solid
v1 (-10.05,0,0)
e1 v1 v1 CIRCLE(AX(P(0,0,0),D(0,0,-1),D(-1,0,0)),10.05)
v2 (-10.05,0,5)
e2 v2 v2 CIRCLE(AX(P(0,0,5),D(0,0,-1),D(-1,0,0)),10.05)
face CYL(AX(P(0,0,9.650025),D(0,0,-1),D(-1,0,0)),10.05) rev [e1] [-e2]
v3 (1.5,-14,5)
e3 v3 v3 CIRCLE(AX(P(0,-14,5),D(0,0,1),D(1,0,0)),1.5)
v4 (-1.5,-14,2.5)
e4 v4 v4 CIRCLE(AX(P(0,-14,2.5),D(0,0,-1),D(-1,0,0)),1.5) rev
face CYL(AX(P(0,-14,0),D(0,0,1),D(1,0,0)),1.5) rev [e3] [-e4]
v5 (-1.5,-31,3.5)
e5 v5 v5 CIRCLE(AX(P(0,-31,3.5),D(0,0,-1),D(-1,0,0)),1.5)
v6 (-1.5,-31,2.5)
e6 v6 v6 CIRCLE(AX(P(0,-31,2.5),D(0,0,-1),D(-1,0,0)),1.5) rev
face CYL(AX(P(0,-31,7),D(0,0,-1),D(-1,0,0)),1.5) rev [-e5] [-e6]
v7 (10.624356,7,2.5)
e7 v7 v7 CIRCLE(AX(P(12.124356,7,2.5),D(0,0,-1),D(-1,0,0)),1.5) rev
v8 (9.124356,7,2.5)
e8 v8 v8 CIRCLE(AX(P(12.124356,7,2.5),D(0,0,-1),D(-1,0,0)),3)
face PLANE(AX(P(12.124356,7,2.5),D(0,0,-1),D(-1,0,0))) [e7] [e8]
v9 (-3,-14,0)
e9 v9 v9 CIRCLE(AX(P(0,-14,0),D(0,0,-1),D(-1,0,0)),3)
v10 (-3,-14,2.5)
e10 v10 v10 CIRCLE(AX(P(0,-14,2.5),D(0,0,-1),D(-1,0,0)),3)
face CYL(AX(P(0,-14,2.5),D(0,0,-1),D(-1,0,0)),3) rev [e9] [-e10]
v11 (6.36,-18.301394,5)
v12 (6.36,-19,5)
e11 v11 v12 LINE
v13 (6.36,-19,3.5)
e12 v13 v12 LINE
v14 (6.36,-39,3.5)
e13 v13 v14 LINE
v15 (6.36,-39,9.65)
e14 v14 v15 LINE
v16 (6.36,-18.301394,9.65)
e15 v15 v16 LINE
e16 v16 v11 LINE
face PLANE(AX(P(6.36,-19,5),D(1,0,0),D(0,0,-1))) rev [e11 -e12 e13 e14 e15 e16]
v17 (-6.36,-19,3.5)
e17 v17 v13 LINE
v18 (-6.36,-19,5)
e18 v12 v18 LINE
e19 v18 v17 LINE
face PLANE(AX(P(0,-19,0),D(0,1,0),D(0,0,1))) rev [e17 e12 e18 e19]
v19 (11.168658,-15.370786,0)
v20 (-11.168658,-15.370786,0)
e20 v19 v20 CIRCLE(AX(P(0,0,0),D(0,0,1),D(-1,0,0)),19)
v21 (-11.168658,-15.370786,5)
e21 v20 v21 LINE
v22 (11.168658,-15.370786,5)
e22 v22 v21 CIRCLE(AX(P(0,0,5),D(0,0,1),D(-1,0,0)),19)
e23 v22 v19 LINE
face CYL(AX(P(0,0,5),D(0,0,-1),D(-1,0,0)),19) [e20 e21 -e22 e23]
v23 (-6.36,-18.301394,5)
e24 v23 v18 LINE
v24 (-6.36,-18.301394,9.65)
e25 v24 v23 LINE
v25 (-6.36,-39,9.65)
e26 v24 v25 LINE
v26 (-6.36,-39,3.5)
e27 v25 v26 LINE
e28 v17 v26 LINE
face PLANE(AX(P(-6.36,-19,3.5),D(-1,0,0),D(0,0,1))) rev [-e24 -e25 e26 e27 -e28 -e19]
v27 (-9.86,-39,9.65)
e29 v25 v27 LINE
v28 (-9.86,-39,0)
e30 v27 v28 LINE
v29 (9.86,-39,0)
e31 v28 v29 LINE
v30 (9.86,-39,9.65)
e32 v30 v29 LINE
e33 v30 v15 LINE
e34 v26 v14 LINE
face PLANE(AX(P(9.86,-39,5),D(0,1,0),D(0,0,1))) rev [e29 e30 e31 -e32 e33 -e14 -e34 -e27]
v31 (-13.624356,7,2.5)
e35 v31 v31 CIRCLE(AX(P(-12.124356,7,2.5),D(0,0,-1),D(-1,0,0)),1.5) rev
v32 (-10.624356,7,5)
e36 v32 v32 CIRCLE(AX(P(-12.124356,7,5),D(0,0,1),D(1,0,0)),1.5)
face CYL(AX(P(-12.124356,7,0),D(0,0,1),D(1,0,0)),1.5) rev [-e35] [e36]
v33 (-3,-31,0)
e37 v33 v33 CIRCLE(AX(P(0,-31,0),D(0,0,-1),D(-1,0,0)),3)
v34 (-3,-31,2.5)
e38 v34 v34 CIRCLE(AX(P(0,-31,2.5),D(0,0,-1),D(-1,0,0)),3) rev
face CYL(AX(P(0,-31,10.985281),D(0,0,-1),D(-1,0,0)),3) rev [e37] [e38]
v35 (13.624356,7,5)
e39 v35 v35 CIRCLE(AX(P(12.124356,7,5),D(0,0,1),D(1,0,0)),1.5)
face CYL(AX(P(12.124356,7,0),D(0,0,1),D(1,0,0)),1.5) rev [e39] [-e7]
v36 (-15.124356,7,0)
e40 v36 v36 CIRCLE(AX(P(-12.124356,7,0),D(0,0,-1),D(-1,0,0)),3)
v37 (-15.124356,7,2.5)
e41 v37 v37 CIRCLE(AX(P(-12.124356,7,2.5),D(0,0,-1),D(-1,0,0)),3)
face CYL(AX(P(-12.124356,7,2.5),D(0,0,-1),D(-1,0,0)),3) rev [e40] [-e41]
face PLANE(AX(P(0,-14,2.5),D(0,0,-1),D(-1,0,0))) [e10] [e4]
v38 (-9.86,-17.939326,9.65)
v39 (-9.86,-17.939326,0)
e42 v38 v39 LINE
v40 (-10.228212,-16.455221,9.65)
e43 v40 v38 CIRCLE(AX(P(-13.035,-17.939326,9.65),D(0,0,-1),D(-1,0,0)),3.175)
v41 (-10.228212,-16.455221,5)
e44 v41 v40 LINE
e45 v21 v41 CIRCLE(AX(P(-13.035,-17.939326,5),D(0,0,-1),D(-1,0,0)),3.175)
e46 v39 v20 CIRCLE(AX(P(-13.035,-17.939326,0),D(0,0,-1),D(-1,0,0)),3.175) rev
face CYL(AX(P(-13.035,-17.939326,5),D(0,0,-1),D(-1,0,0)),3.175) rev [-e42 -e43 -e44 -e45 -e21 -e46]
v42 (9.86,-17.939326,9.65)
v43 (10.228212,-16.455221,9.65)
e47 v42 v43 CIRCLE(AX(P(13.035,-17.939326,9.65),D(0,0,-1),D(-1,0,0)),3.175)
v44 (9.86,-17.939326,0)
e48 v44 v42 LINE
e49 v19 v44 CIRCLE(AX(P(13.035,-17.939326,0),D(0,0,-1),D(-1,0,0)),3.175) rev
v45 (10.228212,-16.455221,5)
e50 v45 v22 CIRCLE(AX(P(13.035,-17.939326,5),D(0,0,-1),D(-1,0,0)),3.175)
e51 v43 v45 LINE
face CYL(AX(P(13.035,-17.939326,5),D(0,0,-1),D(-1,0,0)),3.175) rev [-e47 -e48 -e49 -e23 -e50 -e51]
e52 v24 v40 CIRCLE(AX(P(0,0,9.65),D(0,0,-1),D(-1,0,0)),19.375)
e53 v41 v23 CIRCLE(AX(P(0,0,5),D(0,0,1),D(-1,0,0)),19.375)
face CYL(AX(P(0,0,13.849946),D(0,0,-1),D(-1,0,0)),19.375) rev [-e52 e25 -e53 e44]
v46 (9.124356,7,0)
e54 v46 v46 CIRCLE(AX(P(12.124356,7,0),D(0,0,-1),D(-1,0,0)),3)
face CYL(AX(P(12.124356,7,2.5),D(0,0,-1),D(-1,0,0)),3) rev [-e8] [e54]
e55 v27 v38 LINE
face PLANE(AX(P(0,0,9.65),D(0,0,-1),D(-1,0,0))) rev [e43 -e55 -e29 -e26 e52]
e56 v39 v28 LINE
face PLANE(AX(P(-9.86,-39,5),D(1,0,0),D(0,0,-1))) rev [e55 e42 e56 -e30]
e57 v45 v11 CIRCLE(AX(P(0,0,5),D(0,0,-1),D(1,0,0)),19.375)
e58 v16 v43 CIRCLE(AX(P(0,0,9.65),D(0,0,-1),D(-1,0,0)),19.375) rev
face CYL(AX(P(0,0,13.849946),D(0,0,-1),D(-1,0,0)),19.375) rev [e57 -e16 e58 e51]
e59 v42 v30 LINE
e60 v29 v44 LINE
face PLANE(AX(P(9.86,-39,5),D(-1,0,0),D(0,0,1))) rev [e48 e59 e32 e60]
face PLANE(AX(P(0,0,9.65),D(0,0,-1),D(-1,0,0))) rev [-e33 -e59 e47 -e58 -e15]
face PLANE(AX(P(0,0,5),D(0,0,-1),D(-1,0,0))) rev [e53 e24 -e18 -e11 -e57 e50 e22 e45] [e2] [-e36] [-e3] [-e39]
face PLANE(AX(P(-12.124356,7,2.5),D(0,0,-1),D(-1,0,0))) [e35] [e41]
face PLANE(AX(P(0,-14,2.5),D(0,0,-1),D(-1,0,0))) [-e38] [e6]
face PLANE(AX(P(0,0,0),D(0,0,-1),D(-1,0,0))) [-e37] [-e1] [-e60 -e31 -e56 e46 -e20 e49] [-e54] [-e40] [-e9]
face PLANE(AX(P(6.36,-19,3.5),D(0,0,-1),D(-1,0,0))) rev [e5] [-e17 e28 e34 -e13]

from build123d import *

# Parameters (mm, degrees)
SKETCH1_R           = 10
BOSS_EXTRUDE1_DEPTH = 5
SKETCH5_W           = 12.72
SKETCH5_H           = 1.5
CUT_EXTRUDE1_DEPTH  = 20
SKETCH18_R          = 1.5
CUT_EXTRUDE6_DEPTH  = 6
SKETCH10_W          = 3.5
SKETCH10_H          = 20
BOSS_EXTRUDE3_DEPTH = 4.65
SKETCH15_R          = 3
CUT_EXTRUDE4_DEPTH  = 2.5
SKETCH19_R          = 10.05
CUT_EXTRUDE7_DEPTH  = 10.65
BOSS_EXTRUDE6_DEPTH = 4.65
SKETCH24_R          = 1.5
CUT_EXTRUDE8_DEPTH  = 7
SKETCH25_R          = 3
CUT_EXTRUDE9_DEPTH  = 2.5
FILLET5_R           = 3.175


with BuildPart() as part:
    # Sketch1 → Boss-Extrude1 (new body)
    with BuildSketch(Plane.XY):
        with BuildLine():
            Line((9.86, -39), (-9.86, -39))
            Line((-9.86, -39), (-9.86, -16.241317681))
            ThreePointArc((-9.86, -16.241317681), (0, 19), (9.86, -16.241317681))
            Line((9.86, -16.241317681), (9.86, -39))
        make_face()
        Circle(SKETCH1_R, mode=Mode.SUBTRACT)
    extrude(amount=BOSS_EXTRUDE1_DEPTH)

    # Sketch5 → Cut-Extrude1 (cut)
    with BuildSketch(Plane.XZ.offset(39)):
        with Locations((0, 4.25)):
            Rectangle(SKETCH5_W, SKETCH5_H)
    extrude(amount=-CUT_EXTRUDE1_DEPTH, mode=Mode.SUBTRACT)

    # Sketch18 → Cut-Extrude6 (cut, through all)
    with BuildSketch(Plane.XY.offset(5)):
        with Locations((0, -14)):
            Circle(SKETCH18_R)
        with Locations((-12.124355653, 7)):
            Circle(SKETCH18_R)
        with Locations((12.124355653, 7)):
            Circle(SKETCH18_R)
    extrude(amount=-CUT_EXTRUDE6_DEPTH, mode=Mode.SUBTRACT)

    # Sketch10 → Boss-Extrude3 (add)
    with BuildSketch(Plane.XY.offset(5)):
        with Locations((-8.11, -29)):
            Rectangle(SKETCH10_W, SKETCH10_H)
        with Locations((8.11, -29)):
            Rectangle(SKETCH10_W, SKETCH10_H)
    extrude(amount=BOSS_EXTRUDE3_DEPTH)

    # Sketch15 → Cut-Extrude4 (cut)
    with BuildSketch(Plane(origin=(0, 0, 0), x_dir=(-1, 0, 0), z_dir=(0, 0, -1))):
        with Locations((0, -14)):
            Circle(SKETCH15_R)
        with Locations((-12.124355653, 7)):
            Circle(SKETCH15_R)
        with Locations((12.124355653, 7)):
            Circle(SKETCH15_R)
    extrude(amount=-CUT_EXTRUDE4_DEPTH, mode=Mode.SUBTRACT)

    # Sketch19 → Cut-Extrude7 (cut, through all)
    with BuildSketch(Plane(origin=(0, 0, 0), x_dir=(-1, 0, 0), z_dir=(0, 0, -1))):
        Circle(SKETCH19_R)
    extrude(amount=-CUT_EXTRUDE7_DEPTH, mode=Mode.SUBTRACT)

    # Sketch23 → Boss-Extrude6 (add)
    with BuildSketch(Plane.XY.offset(5)):
        with BuildLine():
            Line((9.86, -16.678459911), (9.86, -19))
            Line((9.86, -19), (6.36, -19))
            Line((6.36, -19), (6.36, -18.301394073))
            ThreePointArc((6.36, -18.301394073), (8.150495618, -17.577259348), (9.86, -16.678459911))
        make_face()
    boss_extrude6 = extrude(amount=BOSS_EXTRUDE6_DEPTH)

    # Mirror1: Boss-Extrude6 across plane
    add(boss_extrude6.mirror(Plane(origin=(0, 0, 0), x_dir=(0, 0, 1), z_dir=(1, 0, 0))))

    # Sketch24 → Cut-Extrude8 (cut)
    with BuildSketch(Plane(origin=(0, 0, 0), x_dir=(-1, 0, 0), z_dir=(0, 0, -1))):
        with Locations((0, -31)):
            Circle(SKETCH24_R)
    extrude(amount=-CUT_EXTRUDE8_DEPTH, mode=Mode.SUBTRACT)

    # Sketch25 → Cut-Extrude9 (cut)
    with BuildSketch(Plane(origin=(0, 0, 0), x_dir=(-1, 0, 0), z_dir=(0, 0, -1))):
        with Locations((0, -31)):
            Circle(SKETCH25_R)
    extrude(amount=-CUT_EXTRUDE9_DEPTH, mode=Mode.SUBTRACT)

    # Fillet5
    fillet5_edges = [part.edges().sort_by_distance(p)[0] for p in [
        (9.86, -16.241317681, 2.5),
        (-9.86, -16.241317681, 2.5),
    ]]
    fillet(fillet5_edges, radius=FILLET5_R)


solid = part.part
